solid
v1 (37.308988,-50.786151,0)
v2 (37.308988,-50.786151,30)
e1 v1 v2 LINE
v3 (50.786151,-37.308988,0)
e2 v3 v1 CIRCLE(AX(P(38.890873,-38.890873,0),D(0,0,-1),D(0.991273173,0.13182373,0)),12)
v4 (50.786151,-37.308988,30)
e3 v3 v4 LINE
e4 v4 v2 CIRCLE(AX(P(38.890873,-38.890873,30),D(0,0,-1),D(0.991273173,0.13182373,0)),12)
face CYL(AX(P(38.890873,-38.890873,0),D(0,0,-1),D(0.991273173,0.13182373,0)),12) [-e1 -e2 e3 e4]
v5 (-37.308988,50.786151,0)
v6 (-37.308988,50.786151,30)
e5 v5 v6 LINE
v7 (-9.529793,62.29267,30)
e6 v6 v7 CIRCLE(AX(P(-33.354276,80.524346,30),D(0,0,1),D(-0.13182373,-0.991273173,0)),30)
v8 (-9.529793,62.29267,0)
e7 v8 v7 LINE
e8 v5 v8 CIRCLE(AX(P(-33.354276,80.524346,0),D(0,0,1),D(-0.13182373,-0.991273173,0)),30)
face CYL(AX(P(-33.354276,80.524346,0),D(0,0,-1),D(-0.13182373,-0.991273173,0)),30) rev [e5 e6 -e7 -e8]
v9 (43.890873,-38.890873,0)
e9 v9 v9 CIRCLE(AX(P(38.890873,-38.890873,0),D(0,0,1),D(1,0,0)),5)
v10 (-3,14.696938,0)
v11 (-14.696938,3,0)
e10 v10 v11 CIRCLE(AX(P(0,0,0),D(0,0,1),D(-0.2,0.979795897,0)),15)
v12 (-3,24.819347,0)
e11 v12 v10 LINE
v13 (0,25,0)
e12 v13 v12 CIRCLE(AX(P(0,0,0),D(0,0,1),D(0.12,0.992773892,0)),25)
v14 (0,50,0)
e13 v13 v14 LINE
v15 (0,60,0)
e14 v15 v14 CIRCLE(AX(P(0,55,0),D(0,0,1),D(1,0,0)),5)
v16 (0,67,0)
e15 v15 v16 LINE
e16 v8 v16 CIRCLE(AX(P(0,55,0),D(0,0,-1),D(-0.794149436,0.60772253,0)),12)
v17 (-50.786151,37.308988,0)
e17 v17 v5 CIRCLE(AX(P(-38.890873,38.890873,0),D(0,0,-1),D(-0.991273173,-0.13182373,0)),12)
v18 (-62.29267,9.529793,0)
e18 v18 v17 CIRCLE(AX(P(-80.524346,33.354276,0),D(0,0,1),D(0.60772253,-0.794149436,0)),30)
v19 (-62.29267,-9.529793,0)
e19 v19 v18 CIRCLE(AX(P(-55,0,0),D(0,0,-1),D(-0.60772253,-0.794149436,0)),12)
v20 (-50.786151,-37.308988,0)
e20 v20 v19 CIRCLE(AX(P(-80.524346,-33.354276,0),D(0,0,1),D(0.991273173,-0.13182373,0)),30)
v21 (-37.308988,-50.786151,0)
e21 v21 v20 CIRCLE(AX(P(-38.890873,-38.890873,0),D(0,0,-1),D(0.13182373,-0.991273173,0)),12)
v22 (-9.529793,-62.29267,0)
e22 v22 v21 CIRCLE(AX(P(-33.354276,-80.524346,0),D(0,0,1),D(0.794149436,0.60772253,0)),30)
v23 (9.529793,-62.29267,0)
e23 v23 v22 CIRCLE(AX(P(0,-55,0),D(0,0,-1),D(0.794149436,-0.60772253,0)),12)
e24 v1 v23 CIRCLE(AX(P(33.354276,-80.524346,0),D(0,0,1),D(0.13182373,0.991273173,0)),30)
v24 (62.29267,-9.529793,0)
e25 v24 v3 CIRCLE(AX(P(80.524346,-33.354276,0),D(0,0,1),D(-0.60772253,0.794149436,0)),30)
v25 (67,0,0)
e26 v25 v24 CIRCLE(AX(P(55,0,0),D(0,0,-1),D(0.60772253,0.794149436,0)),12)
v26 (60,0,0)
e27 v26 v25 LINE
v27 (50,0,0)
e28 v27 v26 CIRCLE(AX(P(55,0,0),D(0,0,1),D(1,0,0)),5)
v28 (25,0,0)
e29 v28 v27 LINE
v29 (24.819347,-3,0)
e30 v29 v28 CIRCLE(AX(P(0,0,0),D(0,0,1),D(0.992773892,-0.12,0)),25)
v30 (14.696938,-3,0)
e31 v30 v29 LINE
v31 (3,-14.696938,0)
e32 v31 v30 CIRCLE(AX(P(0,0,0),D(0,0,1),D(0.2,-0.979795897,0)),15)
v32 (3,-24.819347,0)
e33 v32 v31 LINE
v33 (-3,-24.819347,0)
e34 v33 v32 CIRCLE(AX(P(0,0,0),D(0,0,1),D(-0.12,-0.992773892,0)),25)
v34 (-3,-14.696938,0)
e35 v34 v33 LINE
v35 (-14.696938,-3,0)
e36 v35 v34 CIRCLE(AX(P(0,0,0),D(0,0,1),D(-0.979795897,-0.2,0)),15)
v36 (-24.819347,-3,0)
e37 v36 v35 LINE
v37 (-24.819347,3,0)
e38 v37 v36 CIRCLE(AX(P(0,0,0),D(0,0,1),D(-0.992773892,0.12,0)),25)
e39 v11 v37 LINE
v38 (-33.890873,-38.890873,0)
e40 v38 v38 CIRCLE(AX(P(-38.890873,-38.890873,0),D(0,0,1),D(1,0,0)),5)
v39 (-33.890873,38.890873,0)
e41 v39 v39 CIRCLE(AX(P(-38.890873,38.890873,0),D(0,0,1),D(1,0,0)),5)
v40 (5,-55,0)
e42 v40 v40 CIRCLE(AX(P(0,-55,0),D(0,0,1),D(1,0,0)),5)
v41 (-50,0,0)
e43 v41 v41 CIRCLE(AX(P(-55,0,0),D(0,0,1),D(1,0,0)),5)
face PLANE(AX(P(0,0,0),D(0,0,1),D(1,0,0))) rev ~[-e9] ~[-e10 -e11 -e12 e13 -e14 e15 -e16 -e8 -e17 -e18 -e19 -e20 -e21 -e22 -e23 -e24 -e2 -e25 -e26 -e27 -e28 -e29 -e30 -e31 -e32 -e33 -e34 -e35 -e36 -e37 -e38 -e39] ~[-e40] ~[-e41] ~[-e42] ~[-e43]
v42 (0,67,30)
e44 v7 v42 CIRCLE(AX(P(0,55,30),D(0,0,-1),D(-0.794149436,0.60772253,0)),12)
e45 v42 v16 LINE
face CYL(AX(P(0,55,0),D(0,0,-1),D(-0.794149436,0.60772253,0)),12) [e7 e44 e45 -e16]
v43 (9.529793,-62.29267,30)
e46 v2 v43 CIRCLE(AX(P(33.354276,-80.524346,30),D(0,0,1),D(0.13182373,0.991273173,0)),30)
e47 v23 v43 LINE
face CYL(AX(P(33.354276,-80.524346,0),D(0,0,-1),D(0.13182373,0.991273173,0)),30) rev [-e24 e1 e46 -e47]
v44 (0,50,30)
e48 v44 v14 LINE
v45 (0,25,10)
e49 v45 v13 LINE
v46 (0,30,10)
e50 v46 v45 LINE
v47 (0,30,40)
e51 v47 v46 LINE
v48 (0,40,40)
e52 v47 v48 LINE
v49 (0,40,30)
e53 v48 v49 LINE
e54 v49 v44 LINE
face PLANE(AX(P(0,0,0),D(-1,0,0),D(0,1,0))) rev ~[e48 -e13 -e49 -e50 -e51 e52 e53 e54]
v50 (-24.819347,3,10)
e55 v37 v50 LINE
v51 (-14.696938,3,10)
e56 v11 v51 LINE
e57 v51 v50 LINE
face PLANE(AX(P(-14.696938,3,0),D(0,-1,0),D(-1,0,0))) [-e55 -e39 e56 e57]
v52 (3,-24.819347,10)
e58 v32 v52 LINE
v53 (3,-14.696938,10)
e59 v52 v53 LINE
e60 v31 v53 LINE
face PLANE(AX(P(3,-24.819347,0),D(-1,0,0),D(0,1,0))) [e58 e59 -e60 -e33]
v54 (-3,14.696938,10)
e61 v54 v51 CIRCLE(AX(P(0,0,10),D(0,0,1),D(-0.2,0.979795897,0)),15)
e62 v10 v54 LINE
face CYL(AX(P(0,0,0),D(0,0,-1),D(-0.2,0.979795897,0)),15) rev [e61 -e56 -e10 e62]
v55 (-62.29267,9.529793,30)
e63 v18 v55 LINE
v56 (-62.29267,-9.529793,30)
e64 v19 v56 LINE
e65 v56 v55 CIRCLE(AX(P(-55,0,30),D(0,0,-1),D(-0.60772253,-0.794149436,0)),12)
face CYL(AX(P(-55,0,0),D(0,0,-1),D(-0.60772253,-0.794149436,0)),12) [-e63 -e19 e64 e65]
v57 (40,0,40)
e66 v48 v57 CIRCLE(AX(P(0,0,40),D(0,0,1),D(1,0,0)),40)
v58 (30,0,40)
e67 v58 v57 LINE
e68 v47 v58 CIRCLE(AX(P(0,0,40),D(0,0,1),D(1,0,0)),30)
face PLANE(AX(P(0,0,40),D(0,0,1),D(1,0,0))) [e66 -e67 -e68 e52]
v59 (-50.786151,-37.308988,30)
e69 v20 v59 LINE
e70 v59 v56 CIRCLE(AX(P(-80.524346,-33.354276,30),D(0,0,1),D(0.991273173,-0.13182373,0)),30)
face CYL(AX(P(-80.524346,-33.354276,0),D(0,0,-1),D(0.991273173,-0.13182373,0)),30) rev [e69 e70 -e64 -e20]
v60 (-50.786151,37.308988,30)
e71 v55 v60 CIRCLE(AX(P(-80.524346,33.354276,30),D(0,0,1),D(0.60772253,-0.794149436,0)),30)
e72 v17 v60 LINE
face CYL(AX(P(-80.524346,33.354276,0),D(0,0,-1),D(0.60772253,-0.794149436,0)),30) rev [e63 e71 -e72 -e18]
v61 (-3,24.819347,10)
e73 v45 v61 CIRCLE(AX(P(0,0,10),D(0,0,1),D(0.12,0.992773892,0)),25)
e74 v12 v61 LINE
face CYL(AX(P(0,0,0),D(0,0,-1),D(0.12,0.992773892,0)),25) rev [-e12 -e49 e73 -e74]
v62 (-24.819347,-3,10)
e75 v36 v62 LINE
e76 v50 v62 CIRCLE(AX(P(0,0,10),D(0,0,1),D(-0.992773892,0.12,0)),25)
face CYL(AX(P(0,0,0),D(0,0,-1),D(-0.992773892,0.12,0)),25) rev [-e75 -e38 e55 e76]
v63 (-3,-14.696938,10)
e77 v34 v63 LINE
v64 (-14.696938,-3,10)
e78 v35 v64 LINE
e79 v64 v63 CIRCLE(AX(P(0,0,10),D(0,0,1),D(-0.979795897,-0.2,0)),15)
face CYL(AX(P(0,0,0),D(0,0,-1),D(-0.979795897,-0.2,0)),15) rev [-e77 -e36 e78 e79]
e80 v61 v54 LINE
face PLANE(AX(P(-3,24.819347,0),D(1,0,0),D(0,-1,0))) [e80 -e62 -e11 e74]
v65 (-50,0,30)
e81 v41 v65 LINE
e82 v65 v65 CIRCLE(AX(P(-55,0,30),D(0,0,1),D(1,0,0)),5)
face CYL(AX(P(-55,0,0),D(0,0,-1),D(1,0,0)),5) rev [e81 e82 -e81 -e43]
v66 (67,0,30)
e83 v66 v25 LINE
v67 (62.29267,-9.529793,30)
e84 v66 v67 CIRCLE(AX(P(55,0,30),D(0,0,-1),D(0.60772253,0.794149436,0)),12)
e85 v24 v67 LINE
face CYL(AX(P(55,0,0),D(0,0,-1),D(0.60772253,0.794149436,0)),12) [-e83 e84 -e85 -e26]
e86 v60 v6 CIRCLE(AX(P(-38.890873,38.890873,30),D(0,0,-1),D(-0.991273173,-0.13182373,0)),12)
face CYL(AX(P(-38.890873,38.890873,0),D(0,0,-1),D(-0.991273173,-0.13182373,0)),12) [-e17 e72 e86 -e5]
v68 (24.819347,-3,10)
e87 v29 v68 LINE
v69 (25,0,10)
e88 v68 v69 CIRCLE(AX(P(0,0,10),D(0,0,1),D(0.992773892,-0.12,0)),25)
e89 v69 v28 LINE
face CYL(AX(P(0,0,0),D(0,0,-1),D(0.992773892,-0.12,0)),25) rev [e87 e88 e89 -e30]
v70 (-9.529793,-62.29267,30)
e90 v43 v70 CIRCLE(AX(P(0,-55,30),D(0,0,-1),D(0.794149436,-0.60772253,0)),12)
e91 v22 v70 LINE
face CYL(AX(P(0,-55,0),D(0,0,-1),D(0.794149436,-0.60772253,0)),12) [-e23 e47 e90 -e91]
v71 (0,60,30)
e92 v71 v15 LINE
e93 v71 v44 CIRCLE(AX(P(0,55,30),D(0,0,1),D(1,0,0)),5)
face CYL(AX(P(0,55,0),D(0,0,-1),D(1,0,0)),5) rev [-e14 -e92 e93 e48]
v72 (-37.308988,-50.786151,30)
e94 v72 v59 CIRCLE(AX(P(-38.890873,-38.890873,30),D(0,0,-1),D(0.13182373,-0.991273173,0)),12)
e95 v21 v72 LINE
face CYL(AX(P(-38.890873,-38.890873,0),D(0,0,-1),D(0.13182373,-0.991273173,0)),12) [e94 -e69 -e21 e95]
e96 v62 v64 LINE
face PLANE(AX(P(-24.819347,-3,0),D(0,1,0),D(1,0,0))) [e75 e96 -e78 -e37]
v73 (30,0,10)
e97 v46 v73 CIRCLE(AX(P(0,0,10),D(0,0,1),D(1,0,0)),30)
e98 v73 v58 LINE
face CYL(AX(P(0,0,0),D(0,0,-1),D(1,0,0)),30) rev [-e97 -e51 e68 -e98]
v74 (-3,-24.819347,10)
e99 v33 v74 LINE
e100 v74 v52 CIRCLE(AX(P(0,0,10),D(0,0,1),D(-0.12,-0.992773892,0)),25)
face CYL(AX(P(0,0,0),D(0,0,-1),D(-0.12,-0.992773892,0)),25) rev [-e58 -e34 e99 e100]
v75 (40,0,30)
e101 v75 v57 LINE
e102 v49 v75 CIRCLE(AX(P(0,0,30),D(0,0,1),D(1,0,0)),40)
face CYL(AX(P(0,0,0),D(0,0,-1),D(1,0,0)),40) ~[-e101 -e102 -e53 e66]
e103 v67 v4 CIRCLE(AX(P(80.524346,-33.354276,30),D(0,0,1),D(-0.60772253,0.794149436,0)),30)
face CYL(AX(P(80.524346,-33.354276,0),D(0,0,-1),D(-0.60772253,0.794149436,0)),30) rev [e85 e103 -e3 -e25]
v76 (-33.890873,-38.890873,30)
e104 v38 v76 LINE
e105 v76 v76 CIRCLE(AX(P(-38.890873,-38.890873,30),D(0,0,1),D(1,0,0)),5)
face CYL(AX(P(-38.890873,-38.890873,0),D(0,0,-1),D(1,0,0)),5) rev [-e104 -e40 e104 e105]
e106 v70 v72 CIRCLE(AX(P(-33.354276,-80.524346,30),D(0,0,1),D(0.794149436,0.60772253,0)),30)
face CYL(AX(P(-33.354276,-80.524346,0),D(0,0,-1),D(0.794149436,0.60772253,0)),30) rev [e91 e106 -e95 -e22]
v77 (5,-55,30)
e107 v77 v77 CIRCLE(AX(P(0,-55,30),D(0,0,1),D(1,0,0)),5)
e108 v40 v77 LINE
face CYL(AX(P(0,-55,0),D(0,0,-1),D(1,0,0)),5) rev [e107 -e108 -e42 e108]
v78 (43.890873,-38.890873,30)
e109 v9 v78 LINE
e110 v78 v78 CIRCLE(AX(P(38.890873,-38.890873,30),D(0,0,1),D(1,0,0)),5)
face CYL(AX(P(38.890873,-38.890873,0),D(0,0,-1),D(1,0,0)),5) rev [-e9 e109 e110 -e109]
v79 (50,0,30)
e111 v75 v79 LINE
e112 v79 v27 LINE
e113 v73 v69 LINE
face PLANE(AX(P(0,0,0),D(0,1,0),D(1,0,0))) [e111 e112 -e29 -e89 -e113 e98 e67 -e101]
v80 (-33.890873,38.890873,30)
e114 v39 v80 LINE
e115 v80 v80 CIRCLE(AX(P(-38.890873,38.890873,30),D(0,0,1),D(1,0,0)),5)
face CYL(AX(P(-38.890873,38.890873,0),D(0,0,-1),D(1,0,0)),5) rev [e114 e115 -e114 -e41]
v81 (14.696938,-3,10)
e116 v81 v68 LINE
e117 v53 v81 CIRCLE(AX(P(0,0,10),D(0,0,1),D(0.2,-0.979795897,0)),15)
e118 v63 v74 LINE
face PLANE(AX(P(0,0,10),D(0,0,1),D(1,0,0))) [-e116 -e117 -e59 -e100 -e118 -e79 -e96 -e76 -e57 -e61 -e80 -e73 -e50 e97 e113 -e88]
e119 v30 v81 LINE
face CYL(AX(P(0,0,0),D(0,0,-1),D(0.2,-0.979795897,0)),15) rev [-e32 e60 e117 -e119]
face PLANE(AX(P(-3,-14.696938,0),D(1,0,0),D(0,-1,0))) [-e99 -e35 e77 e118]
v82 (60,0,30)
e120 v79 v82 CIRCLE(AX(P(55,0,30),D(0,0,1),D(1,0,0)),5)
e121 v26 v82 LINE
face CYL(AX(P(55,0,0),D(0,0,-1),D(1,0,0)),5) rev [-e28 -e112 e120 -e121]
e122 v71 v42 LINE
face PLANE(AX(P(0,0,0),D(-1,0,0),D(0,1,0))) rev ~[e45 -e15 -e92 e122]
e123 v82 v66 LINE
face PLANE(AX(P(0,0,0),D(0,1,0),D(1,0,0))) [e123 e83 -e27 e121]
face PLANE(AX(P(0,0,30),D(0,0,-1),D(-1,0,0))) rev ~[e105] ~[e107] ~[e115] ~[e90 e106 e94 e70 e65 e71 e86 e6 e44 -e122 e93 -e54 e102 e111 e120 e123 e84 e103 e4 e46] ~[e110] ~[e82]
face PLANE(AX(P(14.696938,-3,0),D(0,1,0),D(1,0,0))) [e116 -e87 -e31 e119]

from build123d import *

# Parameters (mm, degrees)
SKETCH2_R           = 5
SKETCH2_R_2         = 40
BOSS_EXTRUDE1_DEPTH = 30
SKETCH2_4_R         = 40
SKETCH2_4_R_2       = 30
BOSS_EXTRUDE2_DEPTH = 40
SKETCH2_5_R         = 30
BOSS_EXTRUDE3_DEPTH = 10
SKETCH3_W           = 75
SKETCH3_H           = 75
CUT_EXTRUDE1_DEPTH  = 40


with BuildPart() as part:
    # Sketch2 → Boss-Extrude1 (new body)
    with BuildSketch(Plane.XY):
        with BuildLine():
            ThreePointArc((-50.786151046, 37.308988209), (-52.807960272, 21.873773346), (-62.292670356, 9.529793233))
            ThreePointArc((-62.292670356, 9.529793233), (-67, 0), (-62.292670356, -9.529793233))
            ThreePointArc((-62.292670356, -9.529793233), (-52.807960272, -21.873773346), (-50.786151046, -37.308988209))
            ThreePointArc((-50.786151046, -37.308988209), (-47.376154339, -47.376154339), (-37.308988209, -50.786151046))
            ThreePointArc((-37.308988209, -50.786151046), (-21.873773346, -52.807960272), (-9.529793233, -62.292670356))
            ThreePointArc((-9.529793233, -62.292670356), (0, -67), (9.529793233, -62.292670356))
            ThreePointArc((9.529793233, -62.292670356), (21.873773346, -52.807960272), (37.308988209, -50.786151046))
            ThreePointArc((37.308988209, -50.786151046), (47.376154339, -47.376154339), (50.786151046, -37.308988209))
            ThreePointArc((50.786151046, -37.308988209), (52.807960272, -21.873773346), (62.292670356, -9.529793233))
            ThreePointArc((62.292670356, -9.529793233), (67, 0), (62.292670356, 9.529793233))
            ThreePointArc((62.292670356, 9.529793233), (52.807960272, 21.873773346), (50.786151046, 37.308988209))
            ThreePointArc((50.786151046, 37.308988209), (47.376154339, 47.376154339), (37.308988209, 50.786151046))
            ThreePointArc((37.308988209, 50.786151046), (21.873773346, 52.807960272), (9.529793233, 62.292670356))
            ThreePointArc((9.529793233, 62.292670356), (0, 67), (-9.529793233, 62.292670356))
            ThreePointArc((-9.529793233, 62.292670356), (-21.873773346, 52.807960272), (-37.308988209, 50.786151046))
            ThreePointArc((-37.308988209, 50.786151046), (-47.376154339, 47.376154339), (-50.786151046, 37.308988209))
        make_face()
        with Locations((-38.890872965, -38.890872965)):
            Circle(SKETCH2_R, mode=Mode.SUBTRACT)
        with Locations((0, -55)):
            Circle(SKETCH2_R, mode=Mode.SUBTRACT)
        with Locations((-55, 0)):
            Circle(SKETCH2_R, mode=Mode.SUBTRACT)
        with Locations((38.890872965, -38.890872965)):
            Circle(SKETCH2_R, mode=Mode.SUBTRACT)
        Circle(SKETCH2_R_2, mode=Mode.SUBTRACT)
        with Locations((55, 0)):
            Circle(SKETCH2_R, mode=Mode.SUBTRACT)
        with Locations((-38.890872965, 38.890872965)):
            Circle(SKETCH2_R, mode=Mode.SUBTRACT)
        with Locations((0, 55)):
            Circle(SKETCH2_R, mode=Mode.SUBTRACT)
        with Locations((38.890872965, 38.890872965)):
            Circle(SKETCH2_R, mode=Mode.SUBTRACT)
    extrude(amount=BOSS_EXTRUDE1_DEPTH)

    # Sketch2<4> → Boss-Extrude2 (add)
    with BuildSketch(Plane.XY):
        Circle(SKETCH2_4_R)
        Circle(SKETCH2_4_R_2, mode=Mode.SUBTRACT)
    extrude(amount=BOSS_EXTRUDE2_DEPTH)

    # Sketch2<5> → Boss-Extrude3 (add)
    with BuildSketch(Plane.XY):
        Circle(SKETCH2_5_R)
        with BuildLine():
            ThreePointArc((-24.819347292, -3), (-25, 0), (-24.819347292, 3))
            Line((-24.819347292, 3), (-14.696938457, 3))
            ThreePointArc((-14.696938457, 3), (-10.606601718, 10.606601718), (-3, 14.696938457))
            Line((-3, 14.696938457), (-3, 24.819347292))
            ThreePointArc((-3, 24.819347292), (0, 25), (3, 24.819347292))
            Line((3, 24.819347292), (3, 14.696938457))
            ThreePointArc((3, 14.696938457), (10.606601718, 10.606601718), (14.696938457, 3))
            Line((14.696938457, 3), (24.819347292, 3))
            ThreePointArc((24.819347292, 3), (25, 0), (24.819347292, -3))
            Line((24.819347292, -3), (14.696938457, -3))
            ThreePointArc((14.696938457, -3), (10.606601718, -10.606601718), (3, -14.696938457))
            Line((3, -14.696938457), (3, -24.819347292))
            ThreePointArc((3, -24.819347292), (0, -25), (-3, -24.819347292))
            Line((-3, -24.819347292), (-3, -14.696938457))
            ThreePointArc((-3, -14.696938457), (-10.606601718, -10.606601718), (-14.696938457, -3))
            Line((-14.696938457, -3), (-24.819347292, -3))
        make_face(mode=Mode.SUBTRACT)
    extrude(amount=BOSS_EXTRUDE3_DEPTH)

    # Sketch3 → Cut-Extrude1 (cut)
    with BuildSketch(Plane.XY):
        with Locations((37.5, 37.5)):
            Rectangle(SKETCH3_W, SKETCH3_H)
    extrude(amount=CUT_EXTRUDE1_DEPTH, mode=Mode.SUBTRACT)


solid = part.part
